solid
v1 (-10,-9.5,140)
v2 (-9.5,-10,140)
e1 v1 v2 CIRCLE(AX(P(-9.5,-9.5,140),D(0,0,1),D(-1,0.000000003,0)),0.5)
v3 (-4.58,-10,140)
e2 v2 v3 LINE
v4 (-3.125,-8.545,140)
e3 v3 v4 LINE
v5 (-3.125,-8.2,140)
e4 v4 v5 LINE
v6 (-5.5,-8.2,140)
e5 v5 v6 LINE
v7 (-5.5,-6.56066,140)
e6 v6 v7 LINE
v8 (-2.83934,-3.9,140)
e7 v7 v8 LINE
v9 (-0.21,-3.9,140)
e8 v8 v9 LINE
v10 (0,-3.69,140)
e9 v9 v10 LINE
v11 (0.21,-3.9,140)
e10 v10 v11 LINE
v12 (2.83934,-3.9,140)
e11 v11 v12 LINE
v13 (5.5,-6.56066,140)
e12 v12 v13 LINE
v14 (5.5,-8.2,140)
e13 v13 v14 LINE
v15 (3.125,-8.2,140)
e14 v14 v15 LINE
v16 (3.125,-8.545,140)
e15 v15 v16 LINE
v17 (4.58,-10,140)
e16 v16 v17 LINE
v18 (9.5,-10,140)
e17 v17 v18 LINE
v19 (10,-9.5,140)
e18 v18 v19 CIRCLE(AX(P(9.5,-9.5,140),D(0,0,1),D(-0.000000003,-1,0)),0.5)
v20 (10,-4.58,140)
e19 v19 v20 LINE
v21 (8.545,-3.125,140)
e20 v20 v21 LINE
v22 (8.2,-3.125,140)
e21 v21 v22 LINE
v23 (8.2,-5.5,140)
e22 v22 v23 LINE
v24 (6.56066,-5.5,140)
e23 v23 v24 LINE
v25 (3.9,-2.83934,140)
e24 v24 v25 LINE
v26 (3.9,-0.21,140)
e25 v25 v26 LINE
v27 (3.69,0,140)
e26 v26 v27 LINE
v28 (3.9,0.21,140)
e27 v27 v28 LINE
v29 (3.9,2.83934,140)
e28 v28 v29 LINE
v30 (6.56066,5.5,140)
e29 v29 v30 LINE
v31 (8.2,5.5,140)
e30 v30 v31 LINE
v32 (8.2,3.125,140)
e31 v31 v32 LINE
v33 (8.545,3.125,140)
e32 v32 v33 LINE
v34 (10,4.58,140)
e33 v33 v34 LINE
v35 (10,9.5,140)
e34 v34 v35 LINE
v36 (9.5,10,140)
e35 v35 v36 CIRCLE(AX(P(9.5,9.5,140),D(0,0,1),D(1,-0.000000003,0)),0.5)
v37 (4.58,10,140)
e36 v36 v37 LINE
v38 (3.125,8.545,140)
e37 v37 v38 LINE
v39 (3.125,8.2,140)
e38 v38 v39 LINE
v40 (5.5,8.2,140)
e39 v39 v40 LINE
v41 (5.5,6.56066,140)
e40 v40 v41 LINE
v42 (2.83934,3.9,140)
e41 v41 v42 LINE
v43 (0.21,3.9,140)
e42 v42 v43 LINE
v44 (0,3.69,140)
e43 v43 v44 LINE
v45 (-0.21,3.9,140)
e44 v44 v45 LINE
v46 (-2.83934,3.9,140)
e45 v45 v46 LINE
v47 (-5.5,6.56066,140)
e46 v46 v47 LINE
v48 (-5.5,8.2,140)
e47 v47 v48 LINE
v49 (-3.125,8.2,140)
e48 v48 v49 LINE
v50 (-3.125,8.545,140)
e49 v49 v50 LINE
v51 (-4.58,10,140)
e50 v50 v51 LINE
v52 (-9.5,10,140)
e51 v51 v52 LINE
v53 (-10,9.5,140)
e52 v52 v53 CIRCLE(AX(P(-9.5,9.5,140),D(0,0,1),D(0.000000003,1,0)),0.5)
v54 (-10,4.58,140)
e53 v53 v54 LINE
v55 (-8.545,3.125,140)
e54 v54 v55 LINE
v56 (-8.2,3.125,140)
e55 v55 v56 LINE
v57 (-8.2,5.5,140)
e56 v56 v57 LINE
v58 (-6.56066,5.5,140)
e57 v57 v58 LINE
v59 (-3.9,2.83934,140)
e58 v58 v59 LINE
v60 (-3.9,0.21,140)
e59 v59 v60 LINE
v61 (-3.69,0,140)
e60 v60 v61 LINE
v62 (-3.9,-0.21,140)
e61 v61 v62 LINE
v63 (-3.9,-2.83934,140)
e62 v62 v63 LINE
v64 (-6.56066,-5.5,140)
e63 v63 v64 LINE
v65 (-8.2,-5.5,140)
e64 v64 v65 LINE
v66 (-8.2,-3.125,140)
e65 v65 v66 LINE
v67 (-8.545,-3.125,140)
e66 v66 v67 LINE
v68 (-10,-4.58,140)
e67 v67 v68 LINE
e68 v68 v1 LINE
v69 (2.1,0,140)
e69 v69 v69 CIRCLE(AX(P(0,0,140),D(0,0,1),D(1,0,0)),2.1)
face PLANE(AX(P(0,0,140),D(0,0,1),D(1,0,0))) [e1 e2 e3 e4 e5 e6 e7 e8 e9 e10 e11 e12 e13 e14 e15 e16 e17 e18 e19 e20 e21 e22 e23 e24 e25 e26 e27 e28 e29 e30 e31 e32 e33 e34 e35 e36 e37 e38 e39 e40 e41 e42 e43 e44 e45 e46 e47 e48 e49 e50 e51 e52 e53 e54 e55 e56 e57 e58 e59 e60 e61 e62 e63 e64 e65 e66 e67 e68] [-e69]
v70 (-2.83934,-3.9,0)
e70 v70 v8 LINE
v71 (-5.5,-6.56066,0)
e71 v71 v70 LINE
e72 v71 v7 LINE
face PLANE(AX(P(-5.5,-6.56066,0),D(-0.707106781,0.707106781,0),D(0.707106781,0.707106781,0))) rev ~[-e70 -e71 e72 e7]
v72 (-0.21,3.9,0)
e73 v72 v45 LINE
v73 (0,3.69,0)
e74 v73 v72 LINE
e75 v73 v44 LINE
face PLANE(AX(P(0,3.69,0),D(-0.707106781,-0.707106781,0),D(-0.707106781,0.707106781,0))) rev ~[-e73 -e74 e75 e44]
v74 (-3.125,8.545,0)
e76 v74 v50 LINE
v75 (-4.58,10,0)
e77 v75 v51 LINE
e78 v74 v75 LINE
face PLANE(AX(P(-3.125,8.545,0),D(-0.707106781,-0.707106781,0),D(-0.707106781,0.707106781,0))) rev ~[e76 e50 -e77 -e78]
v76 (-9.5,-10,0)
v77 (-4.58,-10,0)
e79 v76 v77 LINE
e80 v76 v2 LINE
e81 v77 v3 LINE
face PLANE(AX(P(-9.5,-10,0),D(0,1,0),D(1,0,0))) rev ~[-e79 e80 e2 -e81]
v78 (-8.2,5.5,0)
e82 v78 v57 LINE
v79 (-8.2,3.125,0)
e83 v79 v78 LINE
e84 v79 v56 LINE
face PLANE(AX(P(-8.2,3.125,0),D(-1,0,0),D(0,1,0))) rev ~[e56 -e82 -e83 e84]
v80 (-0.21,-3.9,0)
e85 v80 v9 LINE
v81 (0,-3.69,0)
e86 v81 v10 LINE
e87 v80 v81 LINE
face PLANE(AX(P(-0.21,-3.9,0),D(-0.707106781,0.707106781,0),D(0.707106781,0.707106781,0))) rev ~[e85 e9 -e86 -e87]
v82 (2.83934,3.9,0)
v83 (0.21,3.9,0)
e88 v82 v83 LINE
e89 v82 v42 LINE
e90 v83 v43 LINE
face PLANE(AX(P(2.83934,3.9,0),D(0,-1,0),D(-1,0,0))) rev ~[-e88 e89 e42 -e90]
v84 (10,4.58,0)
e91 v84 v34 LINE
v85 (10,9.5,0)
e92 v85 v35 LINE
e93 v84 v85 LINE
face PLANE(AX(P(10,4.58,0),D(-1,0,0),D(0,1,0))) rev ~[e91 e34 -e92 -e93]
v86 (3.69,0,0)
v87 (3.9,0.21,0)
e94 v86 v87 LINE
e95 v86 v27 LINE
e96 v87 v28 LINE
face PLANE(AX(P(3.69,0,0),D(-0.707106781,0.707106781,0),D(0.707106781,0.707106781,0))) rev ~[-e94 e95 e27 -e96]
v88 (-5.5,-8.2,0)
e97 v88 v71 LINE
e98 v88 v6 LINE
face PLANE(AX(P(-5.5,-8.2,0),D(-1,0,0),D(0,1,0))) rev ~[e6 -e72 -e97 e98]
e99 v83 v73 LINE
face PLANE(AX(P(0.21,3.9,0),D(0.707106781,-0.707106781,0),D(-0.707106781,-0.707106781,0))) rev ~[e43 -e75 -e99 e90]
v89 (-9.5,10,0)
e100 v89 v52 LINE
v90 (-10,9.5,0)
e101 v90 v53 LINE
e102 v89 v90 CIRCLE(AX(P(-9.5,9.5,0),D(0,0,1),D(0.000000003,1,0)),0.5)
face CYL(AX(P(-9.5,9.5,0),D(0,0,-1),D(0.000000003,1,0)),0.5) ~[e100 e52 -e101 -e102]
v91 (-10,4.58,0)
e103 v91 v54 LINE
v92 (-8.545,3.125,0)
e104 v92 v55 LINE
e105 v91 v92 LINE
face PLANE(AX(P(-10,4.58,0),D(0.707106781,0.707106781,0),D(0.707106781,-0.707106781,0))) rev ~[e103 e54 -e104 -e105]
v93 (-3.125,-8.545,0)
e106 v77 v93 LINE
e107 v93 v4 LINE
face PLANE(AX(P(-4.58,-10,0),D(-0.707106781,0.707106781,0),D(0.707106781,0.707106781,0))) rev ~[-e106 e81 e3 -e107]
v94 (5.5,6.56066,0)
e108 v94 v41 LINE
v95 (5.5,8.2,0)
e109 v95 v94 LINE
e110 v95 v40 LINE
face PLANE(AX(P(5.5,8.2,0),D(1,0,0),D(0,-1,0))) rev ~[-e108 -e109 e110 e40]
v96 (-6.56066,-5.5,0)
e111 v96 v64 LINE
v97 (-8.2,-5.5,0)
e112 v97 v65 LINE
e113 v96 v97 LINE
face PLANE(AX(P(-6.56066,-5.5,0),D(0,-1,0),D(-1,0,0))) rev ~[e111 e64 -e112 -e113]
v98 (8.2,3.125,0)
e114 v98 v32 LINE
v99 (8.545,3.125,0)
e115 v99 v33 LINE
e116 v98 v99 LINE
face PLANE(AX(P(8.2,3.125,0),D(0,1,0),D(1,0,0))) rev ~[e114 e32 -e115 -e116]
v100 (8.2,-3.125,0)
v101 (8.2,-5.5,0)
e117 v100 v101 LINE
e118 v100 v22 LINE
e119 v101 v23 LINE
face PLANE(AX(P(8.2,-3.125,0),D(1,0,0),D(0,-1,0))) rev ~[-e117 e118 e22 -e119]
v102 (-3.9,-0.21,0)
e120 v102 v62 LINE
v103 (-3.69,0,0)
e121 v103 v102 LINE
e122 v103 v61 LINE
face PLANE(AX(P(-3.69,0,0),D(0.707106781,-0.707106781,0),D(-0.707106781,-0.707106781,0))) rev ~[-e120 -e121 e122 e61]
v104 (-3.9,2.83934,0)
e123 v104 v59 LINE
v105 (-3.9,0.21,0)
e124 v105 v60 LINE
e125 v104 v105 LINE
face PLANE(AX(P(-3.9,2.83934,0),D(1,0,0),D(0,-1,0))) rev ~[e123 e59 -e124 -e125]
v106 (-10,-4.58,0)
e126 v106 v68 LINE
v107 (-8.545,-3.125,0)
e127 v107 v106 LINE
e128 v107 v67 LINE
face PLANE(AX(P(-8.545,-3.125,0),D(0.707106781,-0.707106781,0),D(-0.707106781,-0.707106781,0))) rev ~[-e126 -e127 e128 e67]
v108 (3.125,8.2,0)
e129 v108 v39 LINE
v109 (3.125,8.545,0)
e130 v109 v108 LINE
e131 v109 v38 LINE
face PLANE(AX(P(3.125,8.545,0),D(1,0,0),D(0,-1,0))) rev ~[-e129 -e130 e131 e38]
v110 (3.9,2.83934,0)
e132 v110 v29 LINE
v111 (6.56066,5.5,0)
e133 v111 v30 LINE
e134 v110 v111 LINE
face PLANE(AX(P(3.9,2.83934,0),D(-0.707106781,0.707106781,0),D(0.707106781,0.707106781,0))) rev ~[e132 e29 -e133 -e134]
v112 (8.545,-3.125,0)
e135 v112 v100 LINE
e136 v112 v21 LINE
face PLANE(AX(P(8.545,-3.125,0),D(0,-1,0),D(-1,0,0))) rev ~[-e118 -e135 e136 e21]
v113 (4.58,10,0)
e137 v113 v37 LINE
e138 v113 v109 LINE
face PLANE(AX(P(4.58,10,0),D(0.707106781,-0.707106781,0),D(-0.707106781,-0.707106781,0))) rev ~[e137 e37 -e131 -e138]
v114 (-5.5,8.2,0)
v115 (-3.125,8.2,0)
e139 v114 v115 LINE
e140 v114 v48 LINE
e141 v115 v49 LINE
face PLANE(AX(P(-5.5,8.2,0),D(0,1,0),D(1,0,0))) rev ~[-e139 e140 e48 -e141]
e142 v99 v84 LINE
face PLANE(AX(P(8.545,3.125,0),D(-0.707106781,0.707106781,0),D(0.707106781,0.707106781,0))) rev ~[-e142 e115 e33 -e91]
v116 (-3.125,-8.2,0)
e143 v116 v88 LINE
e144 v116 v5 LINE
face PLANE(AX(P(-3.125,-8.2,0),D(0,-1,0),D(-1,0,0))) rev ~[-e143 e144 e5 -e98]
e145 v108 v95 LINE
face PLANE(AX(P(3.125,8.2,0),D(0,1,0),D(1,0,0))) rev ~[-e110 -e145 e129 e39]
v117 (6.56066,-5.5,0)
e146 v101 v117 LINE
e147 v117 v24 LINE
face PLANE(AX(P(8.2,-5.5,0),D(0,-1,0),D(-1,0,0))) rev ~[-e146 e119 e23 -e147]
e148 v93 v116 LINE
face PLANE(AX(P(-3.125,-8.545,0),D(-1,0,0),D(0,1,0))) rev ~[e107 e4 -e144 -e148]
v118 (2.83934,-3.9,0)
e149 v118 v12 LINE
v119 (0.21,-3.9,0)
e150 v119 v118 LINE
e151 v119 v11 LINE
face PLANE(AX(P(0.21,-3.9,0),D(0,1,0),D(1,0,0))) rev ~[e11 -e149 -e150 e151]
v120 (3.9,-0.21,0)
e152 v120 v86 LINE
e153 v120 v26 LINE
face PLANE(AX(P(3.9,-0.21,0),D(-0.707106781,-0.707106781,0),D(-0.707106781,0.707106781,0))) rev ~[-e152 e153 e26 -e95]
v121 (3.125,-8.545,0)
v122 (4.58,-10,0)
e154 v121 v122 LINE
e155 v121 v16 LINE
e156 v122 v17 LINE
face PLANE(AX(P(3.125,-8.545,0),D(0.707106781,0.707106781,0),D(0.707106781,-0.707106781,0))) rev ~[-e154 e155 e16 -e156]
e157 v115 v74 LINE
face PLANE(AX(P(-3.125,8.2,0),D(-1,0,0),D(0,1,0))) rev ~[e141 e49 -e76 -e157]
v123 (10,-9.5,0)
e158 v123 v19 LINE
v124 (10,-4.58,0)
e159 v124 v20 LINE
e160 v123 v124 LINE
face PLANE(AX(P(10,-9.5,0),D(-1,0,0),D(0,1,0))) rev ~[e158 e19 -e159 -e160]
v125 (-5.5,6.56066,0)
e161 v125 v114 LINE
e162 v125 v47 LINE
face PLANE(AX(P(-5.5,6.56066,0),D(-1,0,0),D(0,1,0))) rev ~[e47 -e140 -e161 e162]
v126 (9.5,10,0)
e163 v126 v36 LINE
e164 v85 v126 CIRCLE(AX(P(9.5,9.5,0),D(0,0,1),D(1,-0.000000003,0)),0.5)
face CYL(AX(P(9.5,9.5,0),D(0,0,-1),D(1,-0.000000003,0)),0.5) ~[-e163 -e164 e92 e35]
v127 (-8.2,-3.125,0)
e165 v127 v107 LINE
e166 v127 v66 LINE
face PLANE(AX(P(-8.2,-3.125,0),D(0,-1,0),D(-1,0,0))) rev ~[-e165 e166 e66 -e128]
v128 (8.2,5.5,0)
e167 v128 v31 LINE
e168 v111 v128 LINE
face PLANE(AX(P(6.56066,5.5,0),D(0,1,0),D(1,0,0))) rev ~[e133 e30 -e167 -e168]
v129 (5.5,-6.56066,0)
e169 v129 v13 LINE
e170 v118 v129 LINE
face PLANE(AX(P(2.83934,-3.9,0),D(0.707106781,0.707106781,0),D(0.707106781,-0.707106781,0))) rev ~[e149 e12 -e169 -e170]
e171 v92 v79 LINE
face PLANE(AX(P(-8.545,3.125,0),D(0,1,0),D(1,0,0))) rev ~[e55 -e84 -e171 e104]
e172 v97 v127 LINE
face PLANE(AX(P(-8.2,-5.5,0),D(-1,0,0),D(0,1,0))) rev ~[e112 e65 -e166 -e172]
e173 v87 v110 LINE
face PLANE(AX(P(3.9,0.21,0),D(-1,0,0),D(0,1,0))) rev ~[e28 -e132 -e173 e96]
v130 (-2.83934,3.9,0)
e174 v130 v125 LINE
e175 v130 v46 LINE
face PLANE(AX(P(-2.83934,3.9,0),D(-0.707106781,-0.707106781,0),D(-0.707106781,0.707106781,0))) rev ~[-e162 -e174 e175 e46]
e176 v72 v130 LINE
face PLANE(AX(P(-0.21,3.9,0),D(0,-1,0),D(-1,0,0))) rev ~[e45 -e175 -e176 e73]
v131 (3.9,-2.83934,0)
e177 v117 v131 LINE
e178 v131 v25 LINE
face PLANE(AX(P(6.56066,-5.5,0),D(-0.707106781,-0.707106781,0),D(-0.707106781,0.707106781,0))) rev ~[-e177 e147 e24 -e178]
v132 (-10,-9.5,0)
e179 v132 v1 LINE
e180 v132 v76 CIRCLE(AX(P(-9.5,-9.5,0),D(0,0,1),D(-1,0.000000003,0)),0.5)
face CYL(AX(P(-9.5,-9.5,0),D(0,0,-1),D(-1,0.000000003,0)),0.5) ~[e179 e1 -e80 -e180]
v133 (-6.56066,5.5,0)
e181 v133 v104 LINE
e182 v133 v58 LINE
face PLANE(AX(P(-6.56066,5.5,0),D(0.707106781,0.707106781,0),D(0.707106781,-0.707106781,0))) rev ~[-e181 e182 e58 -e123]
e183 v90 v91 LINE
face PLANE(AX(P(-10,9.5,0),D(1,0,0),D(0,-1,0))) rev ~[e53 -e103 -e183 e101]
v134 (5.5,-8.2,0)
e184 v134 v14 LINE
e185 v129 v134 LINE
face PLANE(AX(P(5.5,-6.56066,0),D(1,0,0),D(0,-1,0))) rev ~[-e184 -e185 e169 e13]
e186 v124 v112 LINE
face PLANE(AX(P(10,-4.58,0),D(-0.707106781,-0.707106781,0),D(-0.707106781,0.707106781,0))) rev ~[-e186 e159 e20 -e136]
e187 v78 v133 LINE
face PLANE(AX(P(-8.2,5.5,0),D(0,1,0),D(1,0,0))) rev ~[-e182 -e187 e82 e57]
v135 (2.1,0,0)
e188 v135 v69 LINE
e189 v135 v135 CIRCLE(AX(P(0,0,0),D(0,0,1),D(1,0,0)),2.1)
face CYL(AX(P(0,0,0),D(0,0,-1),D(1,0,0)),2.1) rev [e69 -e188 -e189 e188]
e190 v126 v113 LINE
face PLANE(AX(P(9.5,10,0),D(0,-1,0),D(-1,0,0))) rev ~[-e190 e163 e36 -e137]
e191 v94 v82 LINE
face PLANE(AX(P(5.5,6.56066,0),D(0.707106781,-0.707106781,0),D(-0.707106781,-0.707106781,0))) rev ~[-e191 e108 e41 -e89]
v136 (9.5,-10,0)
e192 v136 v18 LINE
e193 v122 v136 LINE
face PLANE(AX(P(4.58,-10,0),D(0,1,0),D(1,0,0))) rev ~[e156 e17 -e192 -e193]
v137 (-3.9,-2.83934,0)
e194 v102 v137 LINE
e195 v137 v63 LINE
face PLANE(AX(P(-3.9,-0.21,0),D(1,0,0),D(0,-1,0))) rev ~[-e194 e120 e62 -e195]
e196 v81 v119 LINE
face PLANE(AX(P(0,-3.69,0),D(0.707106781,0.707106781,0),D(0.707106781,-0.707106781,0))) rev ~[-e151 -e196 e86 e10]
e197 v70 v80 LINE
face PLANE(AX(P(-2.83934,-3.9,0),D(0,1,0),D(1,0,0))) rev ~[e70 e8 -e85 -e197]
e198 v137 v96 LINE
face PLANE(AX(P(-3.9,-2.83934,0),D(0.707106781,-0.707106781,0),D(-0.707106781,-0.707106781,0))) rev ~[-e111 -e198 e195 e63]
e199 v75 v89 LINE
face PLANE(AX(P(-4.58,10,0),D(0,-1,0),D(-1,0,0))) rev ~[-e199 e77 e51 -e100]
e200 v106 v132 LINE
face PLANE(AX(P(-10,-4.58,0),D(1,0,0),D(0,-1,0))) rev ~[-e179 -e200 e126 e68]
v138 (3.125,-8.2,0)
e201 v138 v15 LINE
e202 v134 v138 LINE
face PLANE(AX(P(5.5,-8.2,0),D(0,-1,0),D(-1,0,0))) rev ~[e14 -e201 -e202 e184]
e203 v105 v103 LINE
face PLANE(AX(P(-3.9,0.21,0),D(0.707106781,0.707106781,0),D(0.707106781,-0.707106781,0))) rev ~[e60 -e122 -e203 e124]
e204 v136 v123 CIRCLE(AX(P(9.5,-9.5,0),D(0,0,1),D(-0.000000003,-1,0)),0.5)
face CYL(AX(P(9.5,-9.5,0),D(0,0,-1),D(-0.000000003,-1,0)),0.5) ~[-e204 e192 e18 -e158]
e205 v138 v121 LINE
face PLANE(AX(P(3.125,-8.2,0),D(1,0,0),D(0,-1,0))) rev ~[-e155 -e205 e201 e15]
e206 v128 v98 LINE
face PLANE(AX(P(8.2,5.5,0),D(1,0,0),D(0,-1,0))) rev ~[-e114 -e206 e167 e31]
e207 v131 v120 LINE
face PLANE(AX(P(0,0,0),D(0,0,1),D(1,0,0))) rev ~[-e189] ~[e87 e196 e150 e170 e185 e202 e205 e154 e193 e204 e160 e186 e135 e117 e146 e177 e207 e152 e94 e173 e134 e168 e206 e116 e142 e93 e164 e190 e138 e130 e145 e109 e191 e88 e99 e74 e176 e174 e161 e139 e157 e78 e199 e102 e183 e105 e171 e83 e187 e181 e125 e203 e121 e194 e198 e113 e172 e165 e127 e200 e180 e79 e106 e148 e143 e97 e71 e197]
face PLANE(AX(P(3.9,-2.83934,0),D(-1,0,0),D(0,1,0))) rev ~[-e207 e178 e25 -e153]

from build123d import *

# Parameters (mm, degrees)
SKETCH1_R           = 2.1
BOSS_EXTRUDE1_DEPTH = 140


with BuildPart() as part:
    # Sketch1 → Boss-Extrude1 (new body)
    with BuildSketch(Plane.XY):
        with BuildLine():
            Line((4.58, -10), (9.5, -10))
            ThreePointArc((9.5, -10), (9.853553391, -9.853553391), (10, -9.5))
            Line((10, -9.5), (10, -4.58))
            Line((10, -4.58), (8.545, -3.125))
            Line((8.545, -3.125), (8.2, -3.125))
            Line((8.2, -3.125), (8.2, -5.5))
            Line((8.2, -5.5), (6.560660172, -5.5))
            Line((6.560660172, -5.5), (3.9, -2.839339828))
            Line((3.9, -2.839339828), (3.9, -0.21))
            Line((3.9, -0.21), (3.69, 0))
            Line((3.69, 0), (3.9, 0.21))
            Line((3.9, 0.21), (3.9, 2.839339828))
            Line((3.9, 2.839339828), (6.560660172, 5.5))
            Line((6.560660172, 5.5), (8.2, 5.5))
            Line((8.2, 5.5), (8.2, 3.125))
            Line((8.2, 3.125), (8.545, 3.125))
            Line((8.545, 3.125), (10, 4.58))
            Line((10, 4.58), (10, 9.5))
            ThreePointArc((10, 9.5), (9.853553391, 9.853553391), (9.5, 10))
            Line((9.5, 10), (4.58, 10))
            Line((4.58, 10), (3.125, 8.545))
            Line((3.125, 8.545), (3.125, 8.2))
            Line((3.125, 8.2), (5.5, 8.2))
            Line((5.5, 8.2), (5.5, 6.560660172))
            Line((5.5, 6.560660172), (2.839339828, 3.9))
            Line((2.839339828, 3.9), (0.21, 3.9))
            Line((0.21, 3.9), (0, 3.69))
            Line((0, 3.69), (-0.21, 3.9))
            Line((-0.21, 3.9), (-2.839339828, 3.9))
            Line((-2.839339828, 3.9), (-5.5, 6.560660172))
            Line((-5.5, 6.560660172), (-5.5, 8.2))
            Line((-5.5, 8.2), (-3.125, 8.2))
            Line((-3.125, 8.2), (-3.125, 8.545))
            Line((-3.125, 8.545), (-4.58, 10))
            Line((-4.58, 10), (-9.5, 10))
            ThreePointArc((-9.5, 10), (-9.853553391, 9.853553391), (-10, 9.5))
            Line((-10, 9.5), (-10, 4.58))
            Line((-10, 4.58), (-8.545, 3.125))
            Line((-8.545, 3.125), (-8.2, 3.125))
            Line((-8.2, 3.125), (-8.2, 5.5))
            Line((-8.2, 5.5), (-6.560660172, 5.5))
            Line((-6.560660172, 5.5), (-3.9, 2.839339828))
            Line((-3.9, 2.839339828), (-3.9, 0.21))
            Line((-3.9, 0.21), (-3.69, 0))
            Line((-3.69, 0), (-3.9, -0.21))
            Line((-3.9, -0.21), (-3.9, -2.839339828))
            Line((-3.9, -2.839339828), (-6.560660172, -5.5))
            Line((-6.560660172, -5.5), (-8.2, -5.5))
            Line((-8.2, -5.5), (-8.2, -3.125))
            Line((-8.2, -3.125), (-8.545, -3.125))
            Line((-8.545, -3.125), (-10, -4.58))
            Line((-10, -4.58), (-10, -9.5))
            ThreePointArc((-10, -9.5), (-9.853553391, -9.853553391), (-9.5, -10))
            Line((-9.5, -10), (-4.58, -10))
            Line((-4.58, -10), (-3.125, -8.545))
            Line((-3.125, -8.545), (-3.125, -8.2))
            Line((-3.125, -8.2), (-5.5, -8.2))
            Line((-5.5, -8.2), (-5.5, -6.560660172))
            Line((-5.5, -6.560660172), (-2.839339828, -3.9))
            Line((-2.839339828, -3.9), (-0.21, -3.9))
            Line((-0.21, -3.9), (0, -3.69))
            Line((0, -3.69), (0.21, -3.9))
            Line((0.21, -3.9), (2.839339828, -3.9))
            Line((2.839339828, -3.9), (5.5, -6.560660172))
            Line((5.5, -6.560660172), (5.5, -8.2))
            Line((5.5, -8.2), (3.125, -8.2))
            Line((3.125, -8.2), (3.125, -8.545))
            Line((3.125, -8.545), (4.58, -10))
        make_face()
        Circle(SKETCH1_R, mode=Mode.SUBTRACT)
    extrude(amount=BOSS_EXTRUDE1_DEPTH)


solid = part.part
